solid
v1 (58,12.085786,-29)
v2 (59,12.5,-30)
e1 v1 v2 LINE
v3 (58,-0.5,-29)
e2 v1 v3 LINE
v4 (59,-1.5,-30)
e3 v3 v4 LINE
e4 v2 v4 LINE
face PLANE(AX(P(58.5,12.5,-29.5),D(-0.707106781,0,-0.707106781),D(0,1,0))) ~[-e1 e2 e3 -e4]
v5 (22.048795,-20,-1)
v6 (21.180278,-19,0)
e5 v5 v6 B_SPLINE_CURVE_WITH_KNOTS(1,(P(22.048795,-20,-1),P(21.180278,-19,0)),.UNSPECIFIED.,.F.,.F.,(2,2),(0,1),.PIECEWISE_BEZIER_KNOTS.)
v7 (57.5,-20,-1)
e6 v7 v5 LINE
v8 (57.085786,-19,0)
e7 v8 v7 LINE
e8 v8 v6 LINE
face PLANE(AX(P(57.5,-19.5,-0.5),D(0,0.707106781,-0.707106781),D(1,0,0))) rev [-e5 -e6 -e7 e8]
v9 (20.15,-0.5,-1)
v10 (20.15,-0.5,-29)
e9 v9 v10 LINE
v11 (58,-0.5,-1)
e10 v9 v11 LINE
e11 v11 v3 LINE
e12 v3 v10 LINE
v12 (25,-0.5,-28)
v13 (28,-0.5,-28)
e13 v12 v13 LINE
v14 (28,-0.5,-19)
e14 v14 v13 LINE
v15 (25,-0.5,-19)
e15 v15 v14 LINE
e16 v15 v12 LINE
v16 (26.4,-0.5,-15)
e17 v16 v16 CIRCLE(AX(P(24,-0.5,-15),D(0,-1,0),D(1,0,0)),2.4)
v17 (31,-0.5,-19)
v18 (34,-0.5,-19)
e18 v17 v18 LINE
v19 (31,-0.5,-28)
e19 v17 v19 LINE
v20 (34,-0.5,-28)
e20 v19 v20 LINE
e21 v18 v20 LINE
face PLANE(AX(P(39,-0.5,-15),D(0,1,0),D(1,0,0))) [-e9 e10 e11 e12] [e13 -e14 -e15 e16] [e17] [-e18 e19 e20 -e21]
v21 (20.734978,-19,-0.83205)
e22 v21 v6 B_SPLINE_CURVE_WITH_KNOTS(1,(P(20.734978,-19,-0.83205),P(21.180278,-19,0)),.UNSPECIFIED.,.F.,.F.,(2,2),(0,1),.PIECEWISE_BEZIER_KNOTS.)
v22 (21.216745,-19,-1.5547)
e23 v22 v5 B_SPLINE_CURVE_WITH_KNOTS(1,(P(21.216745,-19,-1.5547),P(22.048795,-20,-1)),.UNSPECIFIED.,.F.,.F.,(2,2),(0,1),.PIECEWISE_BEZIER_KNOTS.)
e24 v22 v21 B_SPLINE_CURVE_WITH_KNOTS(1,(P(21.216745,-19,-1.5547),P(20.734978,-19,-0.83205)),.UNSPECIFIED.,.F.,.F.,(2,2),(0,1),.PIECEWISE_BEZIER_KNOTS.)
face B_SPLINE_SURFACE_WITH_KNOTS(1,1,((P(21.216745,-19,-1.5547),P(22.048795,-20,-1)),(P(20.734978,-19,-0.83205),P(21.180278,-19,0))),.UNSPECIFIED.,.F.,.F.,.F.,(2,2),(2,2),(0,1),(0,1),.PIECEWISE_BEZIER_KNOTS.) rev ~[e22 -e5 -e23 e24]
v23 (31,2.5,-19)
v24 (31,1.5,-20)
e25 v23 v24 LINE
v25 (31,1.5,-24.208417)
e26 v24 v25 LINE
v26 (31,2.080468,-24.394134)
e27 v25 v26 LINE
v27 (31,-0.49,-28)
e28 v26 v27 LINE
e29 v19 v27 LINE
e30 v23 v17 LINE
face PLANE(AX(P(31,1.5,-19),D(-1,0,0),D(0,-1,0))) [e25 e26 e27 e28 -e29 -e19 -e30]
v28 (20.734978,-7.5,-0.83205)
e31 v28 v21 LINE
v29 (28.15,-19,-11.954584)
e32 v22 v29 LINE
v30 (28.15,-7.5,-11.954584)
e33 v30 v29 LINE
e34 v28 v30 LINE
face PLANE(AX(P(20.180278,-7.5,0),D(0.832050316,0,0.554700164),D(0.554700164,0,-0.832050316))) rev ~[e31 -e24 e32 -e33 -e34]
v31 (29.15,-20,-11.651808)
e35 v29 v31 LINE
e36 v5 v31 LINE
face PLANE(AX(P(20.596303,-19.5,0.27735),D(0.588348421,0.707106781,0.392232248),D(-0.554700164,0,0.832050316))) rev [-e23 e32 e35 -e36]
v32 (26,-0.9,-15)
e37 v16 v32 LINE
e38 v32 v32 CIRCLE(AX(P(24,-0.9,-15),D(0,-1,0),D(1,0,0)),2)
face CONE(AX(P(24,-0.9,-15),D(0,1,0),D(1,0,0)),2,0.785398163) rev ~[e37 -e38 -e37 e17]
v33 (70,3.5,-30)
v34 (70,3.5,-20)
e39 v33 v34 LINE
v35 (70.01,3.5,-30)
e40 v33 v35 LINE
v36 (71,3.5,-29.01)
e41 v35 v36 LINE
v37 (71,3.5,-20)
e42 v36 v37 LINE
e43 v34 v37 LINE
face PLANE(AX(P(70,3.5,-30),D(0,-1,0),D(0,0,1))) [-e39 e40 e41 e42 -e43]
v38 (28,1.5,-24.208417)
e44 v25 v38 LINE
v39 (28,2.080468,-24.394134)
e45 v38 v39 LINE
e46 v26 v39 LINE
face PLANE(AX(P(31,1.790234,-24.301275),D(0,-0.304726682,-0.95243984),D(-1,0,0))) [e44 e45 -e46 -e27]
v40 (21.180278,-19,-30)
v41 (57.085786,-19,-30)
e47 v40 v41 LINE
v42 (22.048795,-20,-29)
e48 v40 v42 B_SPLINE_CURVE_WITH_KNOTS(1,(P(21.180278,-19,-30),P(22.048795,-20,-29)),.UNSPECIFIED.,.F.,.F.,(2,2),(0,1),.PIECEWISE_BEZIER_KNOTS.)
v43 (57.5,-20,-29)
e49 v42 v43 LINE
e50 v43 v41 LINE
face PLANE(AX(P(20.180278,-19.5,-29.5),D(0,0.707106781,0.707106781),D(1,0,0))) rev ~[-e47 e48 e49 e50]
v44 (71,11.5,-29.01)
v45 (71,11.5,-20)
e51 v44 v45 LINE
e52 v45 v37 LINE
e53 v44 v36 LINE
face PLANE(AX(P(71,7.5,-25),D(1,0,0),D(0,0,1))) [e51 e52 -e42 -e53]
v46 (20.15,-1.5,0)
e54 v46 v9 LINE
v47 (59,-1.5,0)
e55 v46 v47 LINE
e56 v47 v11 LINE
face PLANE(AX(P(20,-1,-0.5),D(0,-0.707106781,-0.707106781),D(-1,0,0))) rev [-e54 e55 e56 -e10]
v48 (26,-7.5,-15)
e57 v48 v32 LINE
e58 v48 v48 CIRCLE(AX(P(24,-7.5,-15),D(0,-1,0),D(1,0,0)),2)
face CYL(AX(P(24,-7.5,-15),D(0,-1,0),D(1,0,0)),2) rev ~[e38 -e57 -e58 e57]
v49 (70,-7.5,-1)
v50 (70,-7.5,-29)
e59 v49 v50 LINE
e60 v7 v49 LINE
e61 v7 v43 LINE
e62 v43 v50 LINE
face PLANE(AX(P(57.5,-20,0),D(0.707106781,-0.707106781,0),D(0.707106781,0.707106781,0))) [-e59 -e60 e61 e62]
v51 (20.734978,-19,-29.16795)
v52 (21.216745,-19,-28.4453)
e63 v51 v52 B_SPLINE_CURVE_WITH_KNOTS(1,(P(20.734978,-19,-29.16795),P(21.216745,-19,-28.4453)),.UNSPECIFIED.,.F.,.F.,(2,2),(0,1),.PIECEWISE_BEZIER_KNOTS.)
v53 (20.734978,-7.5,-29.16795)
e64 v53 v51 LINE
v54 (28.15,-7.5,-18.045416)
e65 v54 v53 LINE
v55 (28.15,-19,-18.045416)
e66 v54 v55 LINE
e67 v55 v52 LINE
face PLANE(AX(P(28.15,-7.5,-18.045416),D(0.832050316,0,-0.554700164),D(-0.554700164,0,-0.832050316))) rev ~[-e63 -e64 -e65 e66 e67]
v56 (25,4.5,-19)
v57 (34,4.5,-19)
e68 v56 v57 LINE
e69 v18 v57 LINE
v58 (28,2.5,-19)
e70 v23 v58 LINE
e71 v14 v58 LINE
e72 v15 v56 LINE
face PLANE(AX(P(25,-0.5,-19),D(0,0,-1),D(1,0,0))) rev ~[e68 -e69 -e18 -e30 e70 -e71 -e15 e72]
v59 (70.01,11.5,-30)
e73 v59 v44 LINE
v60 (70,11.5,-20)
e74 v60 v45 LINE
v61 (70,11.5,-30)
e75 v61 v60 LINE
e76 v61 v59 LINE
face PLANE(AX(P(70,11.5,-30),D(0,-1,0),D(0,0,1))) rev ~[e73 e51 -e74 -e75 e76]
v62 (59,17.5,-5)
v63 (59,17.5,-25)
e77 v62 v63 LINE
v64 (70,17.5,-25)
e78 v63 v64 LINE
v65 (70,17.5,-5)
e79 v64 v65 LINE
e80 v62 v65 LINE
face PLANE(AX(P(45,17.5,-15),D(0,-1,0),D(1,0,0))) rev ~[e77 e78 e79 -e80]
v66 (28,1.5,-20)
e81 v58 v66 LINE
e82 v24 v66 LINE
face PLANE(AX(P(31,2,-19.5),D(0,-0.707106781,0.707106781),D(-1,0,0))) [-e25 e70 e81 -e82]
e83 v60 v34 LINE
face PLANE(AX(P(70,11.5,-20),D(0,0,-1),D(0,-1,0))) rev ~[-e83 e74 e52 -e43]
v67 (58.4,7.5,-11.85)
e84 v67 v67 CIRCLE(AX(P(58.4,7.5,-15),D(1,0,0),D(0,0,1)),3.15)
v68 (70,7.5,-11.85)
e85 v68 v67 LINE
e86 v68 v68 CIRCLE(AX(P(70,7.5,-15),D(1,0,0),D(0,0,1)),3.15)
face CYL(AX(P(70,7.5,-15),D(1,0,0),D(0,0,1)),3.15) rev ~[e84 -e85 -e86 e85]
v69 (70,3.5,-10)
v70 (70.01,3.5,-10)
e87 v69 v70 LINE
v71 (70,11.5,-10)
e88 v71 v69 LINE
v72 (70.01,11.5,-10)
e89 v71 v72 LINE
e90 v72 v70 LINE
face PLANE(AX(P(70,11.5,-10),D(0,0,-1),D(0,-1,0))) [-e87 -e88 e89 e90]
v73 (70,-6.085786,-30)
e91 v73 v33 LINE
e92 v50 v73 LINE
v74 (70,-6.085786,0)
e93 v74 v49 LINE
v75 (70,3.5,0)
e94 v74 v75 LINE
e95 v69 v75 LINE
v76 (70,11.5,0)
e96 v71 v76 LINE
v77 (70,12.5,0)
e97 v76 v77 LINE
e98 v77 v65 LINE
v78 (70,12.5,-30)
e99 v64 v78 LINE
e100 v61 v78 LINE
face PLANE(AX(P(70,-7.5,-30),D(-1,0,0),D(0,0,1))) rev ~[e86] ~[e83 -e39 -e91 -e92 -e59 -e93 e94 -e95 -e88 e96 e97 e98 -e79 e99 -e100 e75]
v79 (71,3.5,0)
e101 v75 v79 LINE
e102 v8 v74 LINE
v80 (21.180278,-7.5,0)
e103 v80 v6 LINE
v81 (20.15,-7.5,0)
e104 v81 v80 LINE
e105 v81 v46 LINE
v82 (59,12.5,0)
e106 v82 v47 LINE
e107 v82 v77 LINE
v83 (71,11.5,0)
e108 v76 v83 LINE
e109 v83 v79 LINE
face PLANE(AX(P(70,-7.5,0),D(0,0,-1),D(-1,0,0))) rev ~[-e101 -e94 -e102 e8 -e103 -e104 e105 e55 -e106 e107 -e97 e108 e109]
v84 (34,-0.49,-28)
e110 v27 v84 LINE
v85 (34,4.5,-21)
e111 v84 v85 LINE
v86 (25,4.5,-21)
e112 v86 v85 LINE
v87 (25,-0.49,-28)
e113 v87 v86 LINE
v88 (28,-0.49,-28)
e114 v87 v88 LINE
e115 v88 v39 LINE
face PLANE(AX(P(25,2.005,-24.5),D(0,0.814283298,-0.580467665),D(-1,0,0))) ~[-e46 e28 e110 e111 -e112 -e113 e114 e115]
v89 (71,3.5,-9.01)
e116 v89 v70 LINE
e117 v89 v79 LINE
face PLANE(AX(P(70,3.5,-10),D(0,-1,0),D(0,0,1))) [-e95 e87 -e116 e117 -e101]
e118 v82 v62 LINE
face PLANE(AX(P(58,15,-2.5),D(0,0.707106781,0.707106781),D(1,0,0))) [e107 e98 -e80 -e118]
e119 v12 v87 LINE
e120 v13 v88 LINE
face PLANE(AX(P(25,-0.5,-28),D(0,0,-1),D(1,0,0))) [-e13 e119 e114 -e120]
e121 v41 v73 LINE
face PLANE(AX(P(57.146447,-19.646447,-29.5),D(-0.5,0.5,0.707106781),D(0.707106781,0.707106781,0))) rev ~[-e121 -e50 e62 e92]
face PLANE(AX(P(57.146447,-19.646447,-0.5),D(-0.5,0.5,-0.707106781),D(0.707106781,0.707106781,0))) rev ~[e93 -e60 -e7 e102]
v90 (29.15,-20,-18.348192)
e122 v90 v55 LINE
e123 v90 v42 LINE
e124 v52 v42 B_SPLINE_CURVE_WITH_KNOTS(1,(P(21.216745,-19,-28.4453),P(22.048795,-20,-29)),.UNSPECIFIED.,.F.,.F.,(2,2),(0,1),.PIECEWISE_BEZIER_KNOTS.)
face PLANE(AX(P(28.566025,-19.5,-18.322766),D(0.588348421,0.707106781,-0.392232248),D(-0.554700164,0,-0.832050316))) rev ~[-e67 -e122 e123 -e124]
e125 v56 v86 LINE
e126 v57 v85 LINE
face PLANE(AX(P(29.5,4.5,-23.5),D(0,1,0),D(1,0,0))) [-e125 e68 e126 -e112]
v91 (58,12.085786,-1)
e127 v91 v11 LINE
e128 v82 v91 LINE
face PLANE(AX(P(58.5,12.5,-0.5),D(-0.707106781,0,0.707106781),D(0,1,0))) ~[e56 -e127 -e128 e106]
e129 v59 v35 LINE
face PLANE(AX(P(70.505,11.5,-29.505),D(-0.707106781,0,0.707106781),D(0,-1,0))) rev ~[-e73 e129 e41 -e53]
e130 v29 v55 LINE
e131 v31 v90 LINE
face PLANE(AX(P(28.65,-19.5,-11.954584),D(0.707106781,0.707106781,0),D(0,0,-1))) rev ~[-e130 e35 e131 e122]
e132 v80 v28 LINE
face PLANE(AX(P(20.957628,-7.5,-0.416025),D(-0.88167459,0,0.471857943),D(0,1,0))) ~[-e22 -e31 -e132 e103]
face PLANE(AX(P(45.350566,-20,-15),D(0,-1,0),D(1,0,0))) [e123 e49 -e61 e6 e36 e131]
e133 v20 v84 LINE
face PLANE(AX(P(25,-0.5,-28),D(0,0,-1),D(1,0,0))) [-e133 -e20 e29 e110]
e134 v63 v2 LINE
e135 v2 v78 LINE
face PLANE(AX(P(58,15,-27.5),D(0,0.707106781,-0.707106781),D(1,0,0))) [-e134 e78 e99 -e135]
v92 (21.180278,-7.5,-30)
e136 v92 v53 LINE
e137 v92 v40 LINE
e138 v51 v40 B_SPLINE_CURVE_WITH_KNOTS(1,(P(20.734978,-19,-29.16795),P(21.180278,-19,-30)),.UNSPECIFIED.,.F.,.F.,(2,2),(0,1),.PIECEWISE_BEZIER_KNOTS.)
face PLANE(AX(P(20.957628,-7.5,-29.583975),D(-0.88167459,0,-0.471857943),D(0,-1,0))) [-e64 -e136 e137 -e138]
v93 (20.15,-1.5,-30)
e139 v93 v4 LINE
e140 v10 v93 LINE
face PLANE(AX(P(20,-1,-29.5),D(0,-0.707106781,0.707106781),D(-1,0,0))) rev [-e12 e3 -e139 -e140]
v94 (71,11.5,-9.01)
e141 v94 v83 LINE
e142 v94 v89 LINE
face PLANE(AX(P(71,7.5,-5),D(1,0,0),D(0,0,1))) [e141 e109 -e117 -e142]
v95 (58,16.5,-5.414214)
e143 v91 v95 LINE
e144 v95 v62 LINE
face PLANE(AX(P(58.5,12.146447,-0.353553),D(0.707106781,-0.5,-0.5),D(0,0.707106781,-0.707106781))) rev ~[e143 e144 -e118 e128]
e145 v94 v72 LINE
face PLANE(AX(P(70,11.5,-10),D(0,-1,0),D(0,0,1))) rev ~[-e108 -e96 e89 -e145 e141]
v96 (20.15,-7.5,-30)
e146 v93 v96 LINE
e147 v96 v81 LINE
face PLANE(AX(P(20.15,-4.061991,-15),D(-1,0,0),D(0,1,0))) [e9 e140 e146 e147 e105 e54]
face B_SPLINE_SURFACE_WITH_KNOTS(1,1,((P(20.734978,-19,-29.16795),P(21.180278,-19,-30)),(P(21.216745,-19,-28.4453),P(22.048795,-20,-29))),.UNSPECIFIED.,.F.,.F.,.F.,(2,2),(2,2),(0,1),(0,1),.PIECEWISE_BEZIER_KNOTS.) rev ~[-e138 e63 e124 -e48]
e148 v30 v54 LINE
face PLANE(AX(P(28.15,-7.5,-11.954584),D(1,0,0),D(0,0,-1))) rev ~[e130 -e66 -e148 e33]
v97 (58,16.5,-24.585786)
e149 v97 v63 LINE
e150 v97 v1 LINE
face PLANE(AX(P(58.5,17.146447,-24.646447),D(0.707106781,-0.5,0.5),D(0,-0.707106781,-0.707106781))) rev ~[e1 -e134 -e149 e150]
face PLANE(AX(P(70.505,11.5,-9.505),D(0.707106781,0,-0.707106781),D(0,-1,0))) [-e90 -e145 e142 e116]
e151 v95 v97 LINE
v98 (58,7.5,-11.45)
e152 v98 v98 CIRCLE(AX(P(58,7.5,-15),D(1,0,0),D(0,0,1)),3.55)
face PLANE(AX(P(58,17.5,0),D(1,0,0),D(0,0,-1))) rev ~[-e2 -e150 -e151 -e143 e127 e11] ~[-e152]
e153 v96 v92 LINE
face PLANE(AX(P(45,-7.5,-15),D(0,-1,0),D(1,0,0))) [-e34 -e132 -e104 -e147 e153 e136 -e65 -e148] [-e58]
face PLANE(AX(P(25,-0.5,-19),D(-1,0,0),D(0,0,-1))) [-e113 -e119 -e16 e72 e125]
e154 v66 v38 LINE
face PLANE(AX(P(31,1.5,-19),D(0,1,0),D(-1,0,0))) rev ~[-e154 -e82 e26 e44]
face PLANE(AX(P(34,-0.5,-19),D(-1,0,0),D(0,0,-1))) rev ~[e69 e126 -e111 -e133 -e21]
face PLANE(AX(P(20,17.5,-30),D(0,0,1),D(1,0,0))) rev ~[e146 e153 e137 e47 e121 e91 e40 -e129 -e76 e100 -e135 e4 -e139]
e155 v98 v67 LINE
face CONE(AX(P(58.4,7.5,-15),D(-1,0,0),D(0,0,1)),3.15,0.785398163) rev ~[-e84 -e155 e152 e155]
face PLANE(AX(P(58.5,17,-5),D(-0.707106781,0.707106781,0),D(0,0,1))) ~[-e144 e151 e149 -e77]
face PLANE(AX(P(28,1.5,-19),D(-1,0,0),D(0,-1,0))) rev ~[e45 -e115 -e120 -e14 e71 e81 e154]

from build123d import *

# Parameters (mm, degrees)
SKETCH084_W               = 50
SKETCH084_H               = 30
PAD025_DEPTH              = 25
PAD026_DEPTH              = 12.5
SKETCH086_R               = 2
POCKET054_DEPTH           = 6
SKETCH087_W               = 38
SKETCH087_H               = 30
POCKET055_DEPTH           = 18
SKETCH088_R               = 2
POCKET056_DEPTH           = 25.001
POCKET057_DEPTH           = 30.001
SKETCH090_R               = 3.15
POCKET058_DEPTH           = 50.001
SKETCH091_W               = 10
SKETCH091_H               = 8
PAD027_DEPTH              = 1
CHAMFER020_SIZE           = 5
CHAMFER021_SIZE           = 1
POCKET059_DEPTH           = 0.15
CHAMFER022_SIZE           = 0.4
CHAMFER023_SIZE           = 0.99
SKETCH142_W               = 9
SKETCH142_H               = 9
PAD043_DEPTH              = 5
CHAMFER009002001021_SIZE2 = 7
CHAMFER009002001021_SIZE  = 4.99
SKETCH143_W               = 3
SKETCH143_H               = 2
POCKET093_DEPTH           = 11.001
CHAMFER009002001022_SIZE  = 1


with BuildPart() as part:
    # Sketch084 → Pad025 (new body)
    with BuildSketch(Plane.XZ):
        with Locations((25, 15)):
            Rectangle(SKETCH084_W, SKETCH084_H)
    extrude(amount=PAD025_DEPTH)

    # Sketch085 (on Face6 of Pad025) → Pad026 (join)
    with BuildSketch(Plane.XZ.offset(25)):
        Polygon((0.180278, 30), (8.15, 18.045416), (8.15, 11.954584), (0.180278, 0), (50, 0), (50, 30), align=None)
    extrude(amount=PAD026_DEPTH)

    # Sketch086 (on Face4 of Pad026) → Pocket054 (cut)
    with BuildSketch(Plane(origin=(0, 0, 0), x_dir=(1, 0, 0), z_dir=(0, 1, 0))):
        with Locations((4, -15)):
            Circle(SKETCH086_R)
    extrude(amount=-POCKET054_DEPTH, mode=Mode.SUBTRACT)

    # Sketch087 (on Face4 of Pocket054) → Pocket055 (cut)
    with BuildSketch(Plane(origin=(0, 0, 0), x_dir=(1, 0, 0), z_dir=(0, 1, 0))):
        with Locations((19, -15)):
            Rectangle(SKETCH087_W, SKETCH087_H)
    extrude(amount=-POCKET055_DEPTH, mode=Mode.SUBTRACT)

    # Sketch088 (on Face7 of Pocket055) → Pocket056 (cut, through all)
    with BuildSketch(Plane.XZ.offset(25)):
        with Locations((4, 15)):
            Circle(SKETCH088_R)
    extrude(amount=-POCKET056_DEPTH, mode=Mode.SUBTRACT)

    # Sketch089 (on Face13 of Pocket056) → Pocket057 (cut, through all)
    with BuildSketch(Plane(origin=(0, 0, 30), x_dir=(-1, 0, 0), z_dir=(0, 0, 1))):
        Polygon((-50, 37.5), (-37.5, 37.5), (-50, 25), align=None)
    extrude(amount=-POCKET057_DEPTH, mode=Mode.SUBTRACT)

    # Sketch090 (on Face11 of Pocket057) → Pocket058 (cut, through all)
    with BuildSketch(Plane(origin=(50, 0, 0), x_dir=(0, 0, 1), z_dir=(1, 0, 0))):
        with Locations((15, 10)):
            Circle(SKETCH090_R)
    extrude(amount=-POCKET058_DEPTH, mode=Mode.SUBTRACT)

    # Sketch091 (on Face11 of Pocket058) → Pad027 (join)
    with BuildSketch(Plane(origin=(50, 0, 0), x_dir=(0, 0, 1), z_dir=(1, 0, 0))):
        with Locations((5, 10)):
            Rectangle(SKETCH091_W, SKETCH091_H)
        with Locations((25, 10)):
            Rectangle(SKETCH091_W, SKETCH091_H)
    extrude(amount=PAD027_DEPTH)

    # Chamfer020
    chamfer020_edges = [part.edges().sort_by_distance(p)[0] for p in [
        (44, 0, 30),
        (44, 0, 0),
    ]]
    chamfer(chamfer020_edges, length=CHAMFER020_SIZE)

    # Chamfer021
    chamfer021_edges = [part.edges().sort_by_distance(p)[0] for p in [
        (18.840139, -37.5, 30),
        (4.165139, -37.5, 24.022708),
        (8.15, -37.5, 15),
        (18.840139, -37.5, 0),
        (43.75, -31.25, 30),
        (43.75, -31.25, 0),
        (0.180278, -31.25, 0),
        (0.180278, -31.25, 30),
        (19, -18, 30),
        (38, -11.5, 30),
        (38, -2.5, 27.5),
        (38, 0, 15),
        (38, -2.5, 2.5),
        (38, -11.5, 0),
        (19, -18, 0),
        (4.165139, -37.5, 5.977292),
    ]]
    chamfer(chamfer021_edges, length=CHAMFER021_SIZE)

    # Chamfer021 Face21 → Pocket059 (cut)
    with BuildSketch(Plane(origin=(0, -21.515152, 15), x_dir=(0, 1, 0), z_dir=(-1, 0, 0))):
        Polygon((3.515152, -14), (3.515152, 14), (2.515152, 15), (-3.484848, 15), (-3.484848, -15), (2.515152, -15), align=None)
    extrude(amount=-POCKET059_DEPTH, mode=Mode.SUBTRACT)

    # Chamfer022
    chamfer022_edges = [part.edges().sort_by_distance(p)[0] for p in [
        (38, -10, 11.85),
        (2, -18, 15),
    ]]
    chamfer(chamfer022_edges, length=CHAMFER022_SIZE)

    # Chamfer023
    chamfer023_edges = [part.edges().sort_by_distance(p)[0] for p in [
        (51, -10, 0),
        (51, -10, 20),
    ]]
    chamfer(chamfer023_edges, length=CHAMFER023_SIZE)

    # Sketch142 (on Face34 of Chamfer023) → Pad043 (join)
    with BuildSketch(Plane(origin=(0, -18, 0), x_dir=(1, 0, 0), z_dir=(0, 1, 0))):
        with Locations((9.5, -6.5)):
            Rectangle(SKETCH142_W, SKETCH142_H)
    extrude(amount=PAD043_DEPTH)

    # Chamfer009002001021
    chamfer009002001021_edges = [part.edges().sort_by_distance(p)[0] for p in [
        (9.5, -13, 2),
    ]]
    chamfer009002001021_side = part.faces().sort_by_distance((9.5, -15.5, 2))[0]
    chamfer(chamfer009002001021_edges, length=CHAMFER009002001021_SIZE, length2=CHAMFER009002001021_SIZE2, reference=chamfer009002001021_side)

    # Sketch143 (on Face7 of Chamfer009002001021) → Pocket093 (cut, through all)
    with BuildSketch(Plane(origin=(0, 0, 11), x_dir=(-1, 0, 0), z_dir=(0, 0, 1))):
        with Locations((-9.5, 17)):
            Rectangle(SKETCH143_W, SKETCH143_H)
    extrude(amount=-POCKET093_DEPTH, mode=Mode.SUBTRACT)

    # Chamfer009002001022
    chamfer009002001022_edges = [part.edges().sort_by_distance(p)[0] for p in [
        (9.5, -16, 11),
        (9.5, -16, 4.791583),
    ]]
    chamfer(chamfer009002001022_edges, length=CHAMFER009002001022_SIZE)


with BuildPart() as part_1:
    # Body009 placement: moved
    add(part.part.moved(Location((20, 17.5, -30))))


solid = part_1.part
